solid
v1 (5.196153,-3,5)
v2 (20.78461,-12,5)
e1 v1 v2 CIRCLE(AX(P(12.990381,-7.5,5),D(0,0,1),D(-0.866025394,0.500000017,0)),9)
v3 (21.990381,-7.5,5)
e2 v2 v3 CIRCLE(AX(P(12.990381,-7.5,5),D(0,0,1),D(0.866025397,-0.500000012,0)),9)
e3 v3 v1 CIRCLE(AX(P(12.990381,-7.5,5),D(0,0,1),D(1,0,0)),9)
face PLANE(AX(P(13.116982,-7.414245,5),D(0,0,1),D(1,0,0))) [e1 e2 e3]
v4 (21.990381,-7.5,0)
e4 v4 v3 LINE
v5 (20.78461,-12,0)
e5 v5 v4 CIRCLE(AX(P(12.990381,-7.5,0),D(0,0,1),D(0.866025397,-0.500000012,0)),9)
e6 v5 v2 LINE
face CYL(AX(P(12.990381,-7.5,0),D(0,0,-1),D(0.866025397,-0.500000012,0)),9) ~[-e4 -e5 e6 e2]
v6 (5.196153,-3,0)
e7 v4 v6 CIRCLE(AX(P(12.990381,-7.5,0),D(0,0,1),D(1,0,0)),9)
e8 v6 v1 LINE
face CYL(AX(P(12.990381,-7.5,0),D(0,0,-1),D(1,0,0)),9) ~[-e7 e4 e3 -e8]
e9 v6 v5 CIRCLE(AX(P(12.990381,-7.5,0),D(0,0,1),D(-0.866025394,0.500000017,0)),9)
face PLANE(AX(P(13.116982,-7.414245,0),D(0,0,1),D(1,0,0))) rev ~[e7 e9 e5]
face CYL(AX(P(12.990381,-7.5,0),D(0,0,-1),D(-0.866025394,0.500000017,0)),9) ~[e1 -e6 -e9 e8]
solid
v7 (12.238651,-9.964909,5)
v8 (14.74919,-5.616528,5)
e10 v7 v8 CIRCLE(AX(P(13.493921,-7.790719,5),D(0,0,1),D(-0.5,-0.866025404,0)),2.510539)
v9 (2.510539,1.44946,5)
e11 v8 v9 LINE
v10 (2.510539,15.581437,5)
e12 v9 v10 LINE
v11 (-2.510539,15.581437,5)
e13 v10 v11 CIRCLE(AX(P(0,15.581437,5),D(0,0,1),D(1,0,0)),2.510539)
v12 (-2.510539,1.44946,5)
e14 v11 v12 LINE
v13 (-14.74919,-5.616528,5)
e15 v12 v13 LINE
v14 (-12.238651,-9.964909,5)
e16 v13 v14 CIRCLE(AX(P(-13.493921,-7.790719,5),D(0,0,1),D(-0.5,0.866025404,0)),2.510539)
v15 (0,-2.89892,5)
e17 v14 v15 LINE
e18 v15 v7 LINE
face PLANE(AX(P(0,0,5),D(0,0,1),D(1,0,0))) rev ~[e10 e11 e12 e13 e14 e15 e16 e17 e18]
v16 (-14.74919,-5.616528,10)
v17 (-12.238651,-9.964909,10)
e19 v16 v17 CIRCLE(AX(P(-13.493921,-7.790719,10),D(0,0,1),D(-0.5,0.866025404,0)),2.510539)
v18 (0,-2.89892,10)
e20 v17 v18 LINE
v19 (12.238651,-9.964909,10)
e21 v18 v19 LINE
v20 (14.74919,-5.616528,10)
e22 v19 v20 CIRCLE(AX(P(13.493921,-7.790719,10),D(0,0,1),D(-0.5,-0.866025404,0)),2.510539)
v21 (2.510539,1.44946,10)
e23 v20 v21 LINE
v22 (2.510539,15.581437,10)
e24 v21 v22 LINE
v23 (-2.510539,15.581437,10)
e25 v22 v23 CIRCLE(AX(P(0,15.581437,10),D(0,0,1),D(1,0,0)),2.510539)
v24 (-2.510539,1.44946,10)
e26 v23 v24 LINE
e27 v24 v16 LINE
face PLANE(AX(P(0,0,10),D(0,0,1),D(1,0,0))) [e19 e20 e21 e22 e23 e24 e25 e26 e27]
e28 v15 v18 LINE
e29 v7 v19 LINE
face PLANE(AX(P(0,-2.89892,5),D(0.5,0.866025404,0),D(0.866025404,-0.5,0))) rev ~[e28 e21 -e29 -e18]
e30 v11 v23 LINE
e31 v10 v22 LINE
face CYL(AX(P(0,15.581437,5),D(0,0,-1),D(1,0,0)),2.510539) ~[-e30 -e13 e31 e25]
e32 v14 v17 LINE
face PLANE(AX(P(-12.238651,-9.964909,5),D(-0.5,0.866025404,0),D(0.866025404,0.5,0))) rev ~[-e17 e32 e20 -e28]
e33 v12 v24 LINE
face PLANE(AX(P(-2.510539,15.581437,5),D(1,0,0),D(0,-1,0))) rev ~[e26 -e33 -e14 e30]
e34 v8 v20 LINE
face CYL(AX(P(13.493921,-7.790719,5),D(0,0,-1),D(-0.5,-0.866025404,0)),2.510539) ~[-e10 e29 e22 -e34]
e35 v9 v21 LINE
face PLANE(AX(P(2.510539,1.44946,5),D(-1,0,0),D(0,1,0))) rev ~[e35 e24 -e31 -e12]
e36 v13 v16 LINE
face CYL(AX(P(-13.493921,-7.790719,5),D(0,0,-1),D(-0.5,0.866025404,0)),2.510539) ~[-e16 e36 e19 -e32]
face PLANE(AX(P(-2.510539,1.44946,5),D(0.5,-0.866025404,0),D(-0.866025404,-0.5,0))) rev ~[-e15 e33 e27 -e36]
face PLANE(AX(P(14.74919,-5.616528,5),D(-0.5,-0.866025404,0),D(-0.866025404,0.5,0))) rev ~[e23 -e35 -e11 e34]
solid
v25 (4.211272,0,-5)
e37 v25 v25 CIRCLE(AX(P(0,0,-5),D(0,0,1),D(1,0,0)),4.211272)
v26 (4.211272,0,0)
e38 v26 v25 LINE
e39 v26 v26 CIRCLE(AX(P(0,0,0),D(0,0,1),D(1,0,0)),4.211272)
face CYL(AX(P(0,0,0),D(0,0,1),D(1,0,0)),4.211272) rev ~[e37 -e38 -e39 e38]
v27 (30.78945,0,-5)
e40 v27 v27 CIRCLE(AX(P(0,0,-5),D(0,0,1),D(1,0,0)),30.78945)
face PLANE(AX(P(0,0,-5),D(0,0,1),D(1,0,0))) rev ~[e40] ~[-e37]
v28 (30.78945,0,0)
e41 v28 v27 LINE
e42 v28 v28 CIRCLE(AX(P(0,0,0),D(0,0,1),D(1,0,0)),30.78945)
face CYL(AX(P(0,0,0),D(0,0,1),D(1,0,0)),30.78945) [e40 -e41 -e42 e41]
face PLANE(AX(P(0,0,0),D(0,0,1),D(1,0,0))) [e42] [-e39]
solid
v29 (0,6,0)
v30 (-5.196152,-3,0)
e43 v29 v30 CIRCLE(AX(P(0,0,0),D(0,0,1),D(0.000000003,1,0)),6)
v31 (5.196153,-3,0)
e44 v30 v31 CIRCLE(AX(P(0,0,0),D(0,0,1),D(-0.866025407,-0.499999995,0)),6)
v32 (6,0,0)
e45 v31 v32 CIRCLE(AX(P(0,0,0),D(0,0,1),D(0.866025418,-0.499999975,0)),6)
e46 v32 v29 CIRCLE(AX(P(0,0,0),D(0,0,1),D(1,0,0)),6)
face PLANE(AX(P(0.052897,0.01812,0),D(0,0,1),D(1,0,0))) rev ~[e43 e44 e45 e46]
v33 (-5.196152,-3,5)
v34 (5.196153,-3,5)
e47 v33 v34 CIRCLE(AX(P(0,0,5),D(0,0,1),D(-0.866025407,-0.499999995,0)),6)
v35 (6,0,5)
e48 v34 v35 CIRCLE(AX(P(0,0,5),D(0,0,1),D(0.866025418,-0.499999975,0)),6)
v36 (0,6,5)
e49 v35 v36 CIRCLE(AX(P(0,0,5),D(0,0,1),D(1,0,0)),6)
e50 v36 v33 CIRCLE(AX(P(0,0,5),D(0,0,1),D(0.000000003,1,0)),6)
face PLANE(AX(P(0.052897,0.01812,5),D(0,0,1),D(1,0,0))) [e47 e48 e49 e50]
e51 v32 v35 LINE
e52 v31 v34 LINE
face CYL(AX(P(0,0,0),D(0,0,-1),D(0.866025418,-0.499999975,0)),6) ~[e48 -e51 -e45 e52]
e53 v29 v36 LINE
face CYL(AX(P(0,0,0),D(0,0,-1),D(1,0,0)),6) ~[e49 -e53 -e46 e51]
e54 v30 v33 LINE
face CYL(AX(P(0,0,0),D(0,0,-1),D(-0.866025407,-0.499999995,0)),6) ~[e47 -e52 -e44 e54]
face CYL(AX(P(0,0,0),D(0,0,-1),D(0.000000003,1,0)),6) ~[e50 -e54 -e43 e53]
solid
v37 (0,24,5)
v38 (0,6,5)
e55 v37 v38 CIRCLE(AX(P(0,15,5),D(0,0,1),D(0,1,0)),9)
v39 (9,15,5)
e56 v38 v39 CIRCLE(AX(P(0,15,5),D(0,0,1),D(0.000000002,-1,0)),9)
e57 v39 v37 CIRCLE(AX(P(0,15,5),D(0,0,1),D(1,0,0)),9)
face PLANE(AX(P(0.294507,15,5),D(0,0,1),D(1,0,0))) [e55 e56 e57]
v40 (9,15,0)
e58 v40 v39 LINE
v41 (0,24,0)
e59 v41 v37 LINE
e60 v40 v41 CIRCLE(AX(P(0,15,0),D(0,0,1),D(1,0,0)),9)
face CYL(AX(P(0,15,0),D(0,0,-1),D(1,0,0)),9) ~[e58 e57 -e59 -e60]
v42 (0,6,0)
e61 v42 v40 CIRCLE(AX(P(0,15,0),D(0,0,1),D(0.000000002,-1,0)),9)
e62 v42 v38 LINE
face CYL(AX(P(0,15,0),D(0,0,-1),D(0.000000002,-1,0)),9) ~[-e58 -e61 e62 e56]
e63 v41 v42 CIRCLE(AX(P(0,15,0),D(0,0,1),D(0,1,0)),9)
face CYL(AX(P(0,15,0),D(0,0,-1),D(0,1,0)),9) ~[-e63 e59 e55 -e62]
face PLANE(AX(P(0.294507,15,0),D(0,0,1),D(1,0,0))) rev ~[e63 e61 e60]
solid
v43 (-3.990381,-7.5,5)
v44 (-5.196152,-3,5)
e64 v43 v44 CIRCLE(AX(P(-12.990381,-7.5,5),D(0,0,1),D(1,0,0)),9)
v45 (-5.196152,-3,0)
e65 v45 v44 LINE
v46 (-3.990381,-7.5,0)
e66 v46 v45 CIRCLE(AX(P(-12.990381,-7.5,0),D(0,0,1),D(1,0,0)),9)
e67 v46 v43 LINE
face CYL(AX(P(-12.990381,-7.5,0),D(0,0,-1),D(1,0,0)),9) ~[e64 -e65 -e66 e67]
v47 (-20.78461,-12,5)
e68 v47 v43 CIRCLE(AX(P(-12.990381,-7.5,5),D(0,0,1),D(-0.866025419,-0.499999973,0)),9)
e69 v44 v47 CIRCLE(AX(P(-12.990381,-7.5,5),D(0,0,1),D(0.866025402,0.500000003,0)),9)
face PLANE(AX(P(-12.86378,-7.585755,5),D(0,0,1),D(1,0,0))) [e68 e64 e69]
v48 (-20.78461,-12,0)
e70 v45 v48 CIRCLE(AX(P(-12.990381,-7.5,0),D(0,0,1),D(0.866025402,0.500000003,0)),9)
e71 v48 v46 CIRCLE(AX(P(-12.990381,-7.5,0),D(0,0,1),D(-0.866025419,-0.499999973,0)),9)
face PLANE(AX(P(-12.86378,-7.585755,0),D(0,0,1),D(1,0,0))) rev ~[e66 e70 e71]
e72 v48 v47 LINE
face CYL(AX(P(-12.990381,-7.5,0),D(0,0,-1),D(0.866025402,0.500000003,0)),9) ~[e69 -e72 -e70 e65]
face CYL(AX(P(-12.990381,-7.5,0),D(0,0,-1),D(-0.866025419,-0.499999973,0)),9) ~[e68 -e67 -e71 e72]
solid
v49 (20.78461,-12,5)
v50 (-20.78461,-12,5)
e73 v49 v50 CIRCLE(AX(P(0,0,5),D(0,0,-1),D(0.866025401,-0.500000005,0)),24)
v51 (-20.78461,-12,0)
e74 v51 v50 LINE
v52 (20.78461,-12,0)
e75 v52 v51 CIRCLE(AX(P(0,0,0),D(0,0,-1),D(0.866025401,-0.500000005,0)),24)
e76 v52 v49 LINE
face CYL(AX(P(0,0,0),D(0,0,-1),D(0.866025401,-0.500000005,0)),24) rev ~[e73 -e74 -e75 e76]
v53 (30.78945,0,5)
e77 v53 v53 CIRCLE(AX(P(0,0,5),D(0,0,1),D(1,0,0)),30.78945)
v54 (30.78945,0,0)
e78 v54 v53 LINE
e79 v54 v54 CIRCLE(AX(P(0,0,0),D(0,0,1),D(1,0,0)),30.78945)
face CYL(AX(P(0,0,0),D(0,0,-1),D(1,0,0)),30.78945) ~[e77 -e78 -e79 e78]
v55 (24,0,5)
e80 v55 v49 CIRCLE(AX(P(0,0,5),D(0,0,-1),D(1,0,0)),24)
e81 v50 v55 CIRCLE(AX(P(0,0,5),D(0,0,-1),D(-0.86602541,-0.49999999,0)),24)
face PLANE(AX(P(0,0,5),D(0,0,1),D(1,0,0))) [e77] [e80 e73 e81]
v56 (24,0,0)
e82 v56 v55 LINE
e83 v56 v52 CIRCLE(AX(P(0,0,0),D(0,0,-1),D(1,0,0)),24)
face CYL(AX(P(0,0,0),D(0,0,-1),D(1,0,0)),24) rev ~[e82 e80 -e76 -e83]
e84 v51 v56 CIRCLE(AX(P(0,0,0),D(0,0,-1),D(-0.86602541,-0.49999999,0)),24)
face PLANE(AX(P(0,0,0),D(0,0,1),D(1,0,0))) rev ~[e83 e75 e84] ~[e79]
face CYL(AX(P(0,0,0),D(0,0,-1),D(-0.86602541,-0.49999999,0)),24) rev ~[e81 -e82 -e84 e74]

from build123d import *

# Parameters (mm, degrees)
F1_DEPTH = 5
F0_R     = 30.7894498578
F3_DEPTH = 5
F4_R     = 30.7894498578
F4_R_2   = 4.2112716429
F5_DEPTH = 5


with BuildPart() as f1:
    # F0 (on Top) → F1 (new body)
    with BuildSketch(Plane.XY):
        with BuildLine():
            ThreePointArc((0, 24), (-9, 14.9999999913), (1.75e-08, 6))
            ThreePointArc((1.75e-08, 6), (6.3639610369, 8.6360389755), (9, 15))
            ThreePointArc((9, 15), (6.3639610307, 21.3639610307), (0, 24))
        make_face()
    extrude(amount=F1_DEPTH)


with BuildPart() as f1b:
    # F0 (on Top) → F1, piece 2 (new body)
    with BuildSketch(Plane.XY):
        with BuildLine():
            ThreePointArc((5.1961525106, -2.9999998477), (5.7955549805, -1.5529141857), (6, 0))
            ThreePointArc((6, 0), (4.2426406933, 4.2426406809), (1.75e-08, 6))
            ThreePointArc((1.75e-08, 6), (-5.1961524093, 3.0000000232), (-5.1961524408, -2.9999999687))
            ThreePointArc((-5.1961524408, -2.9999999687), (6.99e-08, -6), (5.1961525106, -2.9999998477))
        make_face()
    extrude(amount=F1_DEPTH)


with BuildPart() as f1c:
    # F0 (on Top) → F1, piece 3 (new body)
    with BuildSketch(Plane.XY):
        Circle(F0_R)
        with BuildLine():
            ThreePointArc((-20.7846098286, -11.9999997614), (-20.7846096219, 12.0000001193), (0, 24))
            ThreePointArc((0, 24), (16.9705627485, 16.9705627485), (24, 0))
            ThreePointArc((24, 0), (23.1822198145, -6.2116571438), (20.7846096273, -12.0000001101))
            ThreePointArc((20.7846096273, -12.0000001101), (-2.013e-07, -24), (-20.7846098286, -11.9999997614))
        make_face(mode=Mode.SUBTRACT)
    extrude(amount=F1_DEPTH)


with BuildPart() as f1d:
    # F0 (on Top) → F1, piece 4 (new body)
    with BuildSketch(Plane.XY):
        with BuildLine():
            ThreePointArc((-3.9903810568, -7.5), (-4.2970486248, -5.1706285766), (-5.1961524408, -2.9999999687))
            ThreePointArc((-5.1961524408, -2.9999999687), (-17.4903809531, 0.2942286939), (-20.7846098286, -11.9999997614))
            ThreePointArc((-20.7846098286, -11.9999997614), (-10.6610097839, -16.1933324723), (-3.9903810568, -7.5))
        make_face()
    extrude(amount=F1_DEPTH)


with BuildPart() as f1e:
    # F0 (on Top) → F1, piece 5 (new body)
    with BuildSketch(Plane.XY):
        with BuildLine():
            ThreePointArc((21.9903810568, -7.5), (15.3197525476, 1.1933324138), (5.1961525106, -2.9999998477))
            ThreePointArc((5.1961525106, -2.9999998477), (8.4903809256, -15.2942285583), (20.7846096273, -12.0000001101))
            ThreePointArc((20.7846096273, -12.0000001101), (21.6837134769, -9.8293714673), (21.9903810568, -7.5))
        make_face()
    extrude(amount=F1_DEPTH)


with BuildPart() as f3:
    # F2 (on face) → F3 (new body)
    with BuildSketch(Plane.XY.offset(5)):
        with BuildLine():
            Line((-2.5105387635, 15.5814373866), (-2.5105387635, 1.4494602309))
            Line((-2.5105387635, 1.4494602309), (-14.749189986, -5.6165283469))
            ThreePointArc((-14.749189986, -5.6165283469), (-15.6681109506, -9.045988075), (-12.2386512225, -9.9649090397))
            Line((-12.2386512225, -9.9649090397), (0, -2.8989204618))
            Line((0, -2.8989204618), (12.2386512225, -9.9649090397))
            ThreePointArc((12.2386512225, -9.9649090397), (15.6681109506, -9.045988075), (14.749189986, -5.6165283469))
            Line((14.749189986, -5.6165283469), (2.5105387635, 1.4494602309))
            Line((2.5105387635, 1.4494602309), (2.5105387635, 15.5814373866))
            ThreePointArc((2.5105387635, 15.5814373866), (0, 18.0919761501), (-2.5105387635, 15.5814373866))
        make_face()
    extrude(amount=F3_DEPTH)


with BuildPart() as f5:
    # F4 (on face) → F5 (new body)
    with BuildSketch(Plane.XY):
        Circle(F4_R)
        Circle(F4_R_2, mode=Mode.SUBTRACT)
    extrude(amount=-F5_DEPTH)


solid = Compound([f1.part, f1b.part, f1c.part, f1d.part, f1e.part, f3.part, f5.part])
